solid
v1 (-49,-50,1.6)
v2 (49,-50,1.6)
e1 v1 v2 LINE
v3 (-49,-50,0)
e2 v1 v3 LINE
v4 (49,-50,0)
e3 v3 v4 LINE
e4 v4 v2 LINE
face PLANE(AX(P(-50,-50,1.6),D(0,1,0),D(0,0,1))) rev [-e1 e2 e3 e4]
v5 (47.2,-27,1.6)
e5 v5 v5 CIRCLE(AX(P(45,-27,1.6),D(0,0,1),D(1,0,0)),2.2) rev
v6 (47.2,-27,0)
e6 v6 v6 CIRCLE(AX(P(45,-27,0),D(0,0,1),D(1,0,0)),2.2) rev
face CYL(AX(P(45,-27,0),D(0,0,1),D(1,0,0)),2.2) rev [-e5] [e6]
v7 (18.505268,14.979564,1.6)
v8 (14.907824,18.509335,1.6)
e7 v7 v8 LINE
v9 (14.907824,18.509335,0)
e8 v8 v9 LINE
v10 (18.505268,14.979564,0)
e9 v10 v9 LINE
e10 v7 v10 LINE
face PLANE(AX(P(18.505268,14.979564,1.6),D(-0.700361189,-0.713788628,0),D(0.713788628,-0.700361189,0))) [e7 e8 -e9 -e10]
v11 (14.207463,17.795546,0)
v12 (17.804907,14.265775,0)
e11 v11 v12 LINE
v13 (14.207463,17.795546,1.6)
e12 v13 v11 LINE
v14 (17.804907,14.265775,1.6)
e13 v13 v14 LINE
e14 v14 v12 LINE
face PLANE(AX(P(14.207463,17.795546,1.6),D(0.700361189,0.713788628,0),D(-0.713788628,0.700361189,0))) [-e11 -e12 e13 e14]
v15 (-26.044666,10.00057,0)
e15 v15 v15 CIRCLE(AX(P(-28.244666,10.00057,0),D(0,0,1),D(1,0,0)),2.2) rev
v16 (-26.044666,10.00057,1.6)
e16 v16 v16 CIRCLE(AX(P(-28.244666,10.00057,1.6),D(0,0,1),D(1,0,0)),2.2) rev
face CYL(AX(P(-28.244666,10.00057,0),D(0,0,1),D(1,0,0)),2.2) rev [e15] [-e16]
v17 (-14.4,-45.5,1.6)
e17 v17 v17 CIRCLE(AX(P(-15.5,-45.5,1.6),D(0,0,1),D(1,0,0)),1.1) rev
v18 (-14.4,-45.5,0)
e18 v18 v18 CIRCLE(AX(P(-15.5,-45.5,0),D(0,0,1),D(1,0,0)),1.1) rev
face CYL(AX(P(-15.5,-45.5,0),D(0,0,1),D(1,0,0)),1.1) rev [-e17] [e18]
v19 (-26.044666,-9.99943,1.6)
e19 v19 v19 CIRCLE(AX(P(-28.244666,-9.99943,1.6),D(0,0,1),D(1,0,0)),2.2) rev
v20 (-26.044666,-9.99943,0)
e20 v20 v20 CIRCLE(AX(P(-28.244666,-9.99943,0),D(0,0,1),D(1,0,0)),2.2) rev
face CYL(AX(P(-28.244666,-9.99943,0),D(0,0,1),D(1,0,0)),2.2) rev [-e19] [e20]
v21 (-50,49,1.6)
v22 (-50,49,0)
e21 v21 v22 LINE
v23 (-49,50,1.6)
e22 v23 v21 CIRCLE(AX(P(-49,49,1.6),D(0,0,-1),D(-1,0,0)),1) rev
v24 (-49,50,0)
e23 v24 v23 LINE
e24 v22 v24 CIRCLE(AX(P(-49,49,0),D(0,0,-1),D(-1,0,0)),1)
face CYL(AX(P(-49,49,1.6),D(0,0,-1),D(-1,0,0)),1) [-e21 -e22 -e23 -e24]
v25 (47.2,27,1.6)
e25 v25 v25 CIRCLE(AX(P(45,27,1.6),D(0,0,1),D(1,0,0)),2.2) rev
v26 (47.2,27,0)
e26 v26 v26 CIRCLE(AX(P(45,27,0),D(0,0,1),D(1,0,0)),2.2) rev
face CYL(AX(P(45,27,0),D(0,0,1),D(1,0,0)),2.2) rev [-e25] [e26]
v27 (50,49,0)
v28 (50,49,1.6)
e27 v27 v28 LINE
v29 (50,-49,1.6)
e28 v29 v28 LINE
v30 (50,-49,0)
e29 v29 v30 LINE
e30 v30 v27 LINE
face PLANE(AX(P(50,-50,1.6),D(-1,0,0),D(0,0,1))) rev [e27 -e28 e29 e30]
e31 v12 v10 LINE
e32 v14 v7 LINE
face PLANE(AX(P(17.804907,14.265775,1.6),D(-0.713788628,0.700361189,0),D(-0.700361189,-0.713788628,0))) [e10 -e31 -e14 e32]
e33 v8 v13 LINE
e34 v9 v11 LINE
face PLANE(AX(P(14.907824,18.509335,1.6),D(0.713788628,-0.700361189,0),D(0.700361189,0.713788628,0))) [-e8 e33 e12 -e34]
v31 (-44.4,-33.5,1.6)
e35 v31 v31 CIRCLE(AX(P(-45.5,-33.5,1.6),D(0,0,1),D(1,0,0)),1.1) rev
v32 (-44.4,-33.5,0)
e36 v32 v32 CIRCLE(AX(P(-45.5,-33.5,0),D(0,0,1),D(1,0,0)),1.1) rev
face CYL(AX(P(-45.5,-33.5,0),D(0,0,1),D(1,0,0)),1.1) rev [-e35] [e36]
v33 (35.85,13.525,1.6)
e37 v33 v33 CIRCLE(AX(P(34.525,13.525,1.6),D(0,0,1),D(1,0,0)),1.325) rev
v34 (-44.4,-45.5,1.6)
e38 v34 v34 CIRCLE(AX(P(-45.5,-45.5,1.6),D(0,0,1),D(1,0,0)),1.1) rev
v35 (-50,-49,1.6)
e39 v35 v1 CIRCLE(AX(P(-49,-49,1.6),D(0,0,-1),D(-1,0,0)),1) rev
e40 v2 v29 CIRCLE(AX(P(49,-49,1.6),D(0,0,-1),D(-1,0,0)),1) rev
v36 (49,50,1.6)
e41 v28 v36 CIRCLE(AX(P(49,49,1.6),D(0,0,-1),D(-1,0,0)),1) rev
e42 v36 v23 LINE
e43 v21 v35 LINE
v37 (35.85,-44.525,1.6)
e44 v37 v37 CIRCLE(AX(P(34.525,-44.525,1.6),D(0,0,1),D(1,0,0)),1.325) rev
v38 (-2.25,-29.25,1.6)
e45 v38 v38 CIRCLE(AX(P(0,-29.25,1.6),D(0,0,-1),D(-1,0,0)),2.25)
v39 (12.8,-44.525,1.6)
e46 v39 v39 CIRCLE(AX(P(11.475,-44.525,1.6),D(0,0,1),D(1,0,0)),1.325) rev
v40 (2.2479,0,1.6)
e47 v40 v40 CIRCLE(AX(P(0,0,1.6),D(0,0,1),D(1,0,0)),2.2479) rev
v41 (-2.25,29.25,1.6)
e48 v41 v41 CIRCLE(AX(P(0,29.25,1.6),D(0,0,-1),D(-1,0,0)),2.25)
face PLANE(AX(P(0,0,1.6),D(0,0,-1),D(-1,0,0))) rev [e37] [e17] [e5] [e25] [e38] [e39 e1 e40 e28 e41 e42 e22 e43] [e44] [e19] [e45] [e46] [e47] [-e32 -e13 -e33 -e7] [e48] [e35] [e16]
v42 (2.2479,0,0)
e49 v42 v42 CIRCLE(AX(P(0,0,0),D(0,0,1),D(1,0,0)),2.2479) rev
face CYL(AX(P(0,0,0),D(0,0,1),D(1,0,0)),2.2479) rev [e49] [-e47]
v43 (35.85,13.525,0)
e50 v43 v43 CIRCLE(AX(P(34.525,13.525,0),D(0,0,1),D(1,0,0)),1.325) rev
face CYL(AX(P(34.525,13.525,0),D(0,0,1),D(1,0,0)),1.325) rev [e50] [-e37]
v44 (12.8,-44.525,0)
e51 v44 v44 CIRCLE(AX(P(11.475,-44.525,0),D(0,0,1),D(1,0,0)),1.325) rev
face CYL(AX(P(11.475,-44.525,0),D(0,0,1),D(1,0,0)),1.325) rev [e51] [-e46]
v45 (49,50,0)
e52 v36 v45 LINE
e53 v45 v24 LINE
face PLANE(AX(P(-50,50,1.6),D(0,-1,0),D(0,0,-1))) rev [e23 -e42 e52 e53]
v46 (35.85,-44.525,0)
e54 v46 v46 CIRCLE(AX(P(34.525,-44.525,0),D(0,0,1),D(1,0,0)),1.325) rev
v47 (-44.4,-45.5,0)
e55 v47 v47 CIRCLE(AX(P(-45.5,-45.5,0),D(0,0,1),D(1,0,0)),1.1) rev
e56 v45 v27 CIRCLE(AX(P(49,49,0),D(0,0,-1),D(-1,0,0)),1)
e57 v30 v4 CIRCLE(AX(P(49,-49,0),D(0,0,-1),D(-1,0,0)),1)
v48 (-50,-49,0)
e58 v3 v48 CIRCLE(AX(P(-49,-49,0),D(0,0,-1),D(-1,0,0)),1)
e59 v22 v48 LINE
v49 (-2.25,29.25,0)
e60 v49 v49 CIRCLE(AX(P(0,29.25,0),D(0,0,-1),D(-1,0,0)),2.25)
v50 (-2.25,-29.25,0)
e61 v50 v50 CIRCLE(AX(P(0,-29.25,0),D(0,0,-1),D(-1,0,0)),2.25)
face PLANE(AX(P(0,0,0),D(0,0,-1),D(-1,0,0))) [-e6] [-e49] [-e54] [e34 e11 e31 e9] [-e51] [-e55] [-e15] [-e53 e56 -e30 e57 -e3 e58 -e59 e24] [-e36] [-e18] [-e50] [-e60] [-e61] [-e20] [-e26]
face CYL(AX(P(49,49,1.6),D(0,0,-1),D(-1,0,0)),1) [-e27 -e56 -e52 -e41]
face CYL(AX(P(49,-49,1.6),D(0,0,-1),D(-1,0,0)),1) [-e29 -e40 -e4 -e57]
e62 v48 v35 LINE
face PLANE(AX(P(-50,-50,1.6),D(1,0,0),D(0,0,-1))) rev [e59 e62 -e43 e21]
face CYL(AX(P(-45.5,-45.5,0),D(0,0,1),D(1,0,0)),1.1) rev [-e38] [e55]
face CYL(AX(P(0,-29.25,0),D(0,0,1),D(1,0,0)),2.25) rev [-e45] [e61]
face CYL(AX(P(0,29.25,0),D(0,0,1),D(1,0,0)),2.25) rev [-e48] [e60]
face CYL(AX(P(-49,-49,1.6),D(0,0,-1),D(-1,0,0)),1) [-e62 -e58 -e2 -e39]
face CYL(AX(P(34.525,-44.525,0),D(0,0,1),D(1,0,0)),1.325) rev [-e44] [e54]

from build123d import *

# Parameters (mm, degrees)
SKETCH1_W           = 100
SKETCH1_H           = 100
BOSS_EXTRUDE1_DEPTH = 1.6
SKETCH3_R           = 2.2479
SKETCH3_R_2         = 1.325
SKETCH3_R_3         = 2.25
SKETCH3_R_4         = 2.2
SKETCH3_R_5         = 1.1
CUT_EXTRUDE2_DEPTH  = 2.6
FILLET1_R           = 1
CUT_EXTRUDE4_DEPTH  = 2.6


with BuildPart() as part:
    # Sketch1 → Boss-Extrude1 (new body)
    with BuildSketch(Plane.XY):
        Rectangle(SKETCH1_W, SKETCH1_H)
    extrude(amount=BOSS_EXTRUDE1_DEPTH)

    # Sketch3 → Cut-Extrude2 (cut, through all)
    with BuildSketch(Plane(origin=(0, 0, 1.6), x_dir=(-1, 0, 0), z_dir=(0, 0, -1))):
        Circle(SKETCH3_R)
        with Locations((-34.525, -44.525)):
            Circle(SKETCH3_R_2)
        with Locations((0, -29.25)):
            Circle(SKETCH3_R_3)
        with Locations((-45, -27)):
            Circle(SKETCH3_R_4)
        with Locations((0, 29.25)):
            Circle(SKETCH3_R_3)
        with Locations((-45, 27)):
            Circle(SKETCH3_R_4)
        with Locations((-34.525, 13.525)):
            Circle(SKETCH3_R_2)
        with Locations((15.5, -45.5)):
            Circle(SKETCH3_R_5)
        with Locations((45.5, -45.5)):
            Circle(SKETCH3_R_5)
        with Locations((45.5, -33.5)):
            Circle(SKETCH3_R_5)
        with Locations((-11.475, -44.525)):
            Circle(SKETCH3_R_2)
        with Locations((28.244666378, -9.999429886)):
            Circle(SKETCH3_R_4)
        with Locations((28.244666378, 10.000570114)):
            Circle(SKETCH3_R_4)
    extrude(amount=CUT_EXTRUDE2_DEPTH, mode=Mode.SUBTRACT)

    # Fillet1
    fillet1_edges = [part.edges().sort_by_distance(p)[0] for p in [
        (50, -50, 0.8),
        (-50, -50, 0.8),
        (-50, 50, 0.8),
        (50, 50, 0.8),
    ]]
    fillet(fillet1_edges, radius=FILLET1_R)

    # Sketch5 → Cut-Extrude4 (cut, through all)
    with BuildSketch(Plane(origin=(0, 0, 0), x_dir=(-1, 0, 0), z_dir=(0, 0, -1))):
        Polygon((-14.207463079, 17.79554595), (-17.804907195, 14.265775174), (-18.505268384, 14.979563801), (-14.907824268, 18.509334578), align=None)
    extrude(amount=-CUT_EXTRUDE4_DEPTH, mode=Mode.SUBTRACT)


solid = part.part
